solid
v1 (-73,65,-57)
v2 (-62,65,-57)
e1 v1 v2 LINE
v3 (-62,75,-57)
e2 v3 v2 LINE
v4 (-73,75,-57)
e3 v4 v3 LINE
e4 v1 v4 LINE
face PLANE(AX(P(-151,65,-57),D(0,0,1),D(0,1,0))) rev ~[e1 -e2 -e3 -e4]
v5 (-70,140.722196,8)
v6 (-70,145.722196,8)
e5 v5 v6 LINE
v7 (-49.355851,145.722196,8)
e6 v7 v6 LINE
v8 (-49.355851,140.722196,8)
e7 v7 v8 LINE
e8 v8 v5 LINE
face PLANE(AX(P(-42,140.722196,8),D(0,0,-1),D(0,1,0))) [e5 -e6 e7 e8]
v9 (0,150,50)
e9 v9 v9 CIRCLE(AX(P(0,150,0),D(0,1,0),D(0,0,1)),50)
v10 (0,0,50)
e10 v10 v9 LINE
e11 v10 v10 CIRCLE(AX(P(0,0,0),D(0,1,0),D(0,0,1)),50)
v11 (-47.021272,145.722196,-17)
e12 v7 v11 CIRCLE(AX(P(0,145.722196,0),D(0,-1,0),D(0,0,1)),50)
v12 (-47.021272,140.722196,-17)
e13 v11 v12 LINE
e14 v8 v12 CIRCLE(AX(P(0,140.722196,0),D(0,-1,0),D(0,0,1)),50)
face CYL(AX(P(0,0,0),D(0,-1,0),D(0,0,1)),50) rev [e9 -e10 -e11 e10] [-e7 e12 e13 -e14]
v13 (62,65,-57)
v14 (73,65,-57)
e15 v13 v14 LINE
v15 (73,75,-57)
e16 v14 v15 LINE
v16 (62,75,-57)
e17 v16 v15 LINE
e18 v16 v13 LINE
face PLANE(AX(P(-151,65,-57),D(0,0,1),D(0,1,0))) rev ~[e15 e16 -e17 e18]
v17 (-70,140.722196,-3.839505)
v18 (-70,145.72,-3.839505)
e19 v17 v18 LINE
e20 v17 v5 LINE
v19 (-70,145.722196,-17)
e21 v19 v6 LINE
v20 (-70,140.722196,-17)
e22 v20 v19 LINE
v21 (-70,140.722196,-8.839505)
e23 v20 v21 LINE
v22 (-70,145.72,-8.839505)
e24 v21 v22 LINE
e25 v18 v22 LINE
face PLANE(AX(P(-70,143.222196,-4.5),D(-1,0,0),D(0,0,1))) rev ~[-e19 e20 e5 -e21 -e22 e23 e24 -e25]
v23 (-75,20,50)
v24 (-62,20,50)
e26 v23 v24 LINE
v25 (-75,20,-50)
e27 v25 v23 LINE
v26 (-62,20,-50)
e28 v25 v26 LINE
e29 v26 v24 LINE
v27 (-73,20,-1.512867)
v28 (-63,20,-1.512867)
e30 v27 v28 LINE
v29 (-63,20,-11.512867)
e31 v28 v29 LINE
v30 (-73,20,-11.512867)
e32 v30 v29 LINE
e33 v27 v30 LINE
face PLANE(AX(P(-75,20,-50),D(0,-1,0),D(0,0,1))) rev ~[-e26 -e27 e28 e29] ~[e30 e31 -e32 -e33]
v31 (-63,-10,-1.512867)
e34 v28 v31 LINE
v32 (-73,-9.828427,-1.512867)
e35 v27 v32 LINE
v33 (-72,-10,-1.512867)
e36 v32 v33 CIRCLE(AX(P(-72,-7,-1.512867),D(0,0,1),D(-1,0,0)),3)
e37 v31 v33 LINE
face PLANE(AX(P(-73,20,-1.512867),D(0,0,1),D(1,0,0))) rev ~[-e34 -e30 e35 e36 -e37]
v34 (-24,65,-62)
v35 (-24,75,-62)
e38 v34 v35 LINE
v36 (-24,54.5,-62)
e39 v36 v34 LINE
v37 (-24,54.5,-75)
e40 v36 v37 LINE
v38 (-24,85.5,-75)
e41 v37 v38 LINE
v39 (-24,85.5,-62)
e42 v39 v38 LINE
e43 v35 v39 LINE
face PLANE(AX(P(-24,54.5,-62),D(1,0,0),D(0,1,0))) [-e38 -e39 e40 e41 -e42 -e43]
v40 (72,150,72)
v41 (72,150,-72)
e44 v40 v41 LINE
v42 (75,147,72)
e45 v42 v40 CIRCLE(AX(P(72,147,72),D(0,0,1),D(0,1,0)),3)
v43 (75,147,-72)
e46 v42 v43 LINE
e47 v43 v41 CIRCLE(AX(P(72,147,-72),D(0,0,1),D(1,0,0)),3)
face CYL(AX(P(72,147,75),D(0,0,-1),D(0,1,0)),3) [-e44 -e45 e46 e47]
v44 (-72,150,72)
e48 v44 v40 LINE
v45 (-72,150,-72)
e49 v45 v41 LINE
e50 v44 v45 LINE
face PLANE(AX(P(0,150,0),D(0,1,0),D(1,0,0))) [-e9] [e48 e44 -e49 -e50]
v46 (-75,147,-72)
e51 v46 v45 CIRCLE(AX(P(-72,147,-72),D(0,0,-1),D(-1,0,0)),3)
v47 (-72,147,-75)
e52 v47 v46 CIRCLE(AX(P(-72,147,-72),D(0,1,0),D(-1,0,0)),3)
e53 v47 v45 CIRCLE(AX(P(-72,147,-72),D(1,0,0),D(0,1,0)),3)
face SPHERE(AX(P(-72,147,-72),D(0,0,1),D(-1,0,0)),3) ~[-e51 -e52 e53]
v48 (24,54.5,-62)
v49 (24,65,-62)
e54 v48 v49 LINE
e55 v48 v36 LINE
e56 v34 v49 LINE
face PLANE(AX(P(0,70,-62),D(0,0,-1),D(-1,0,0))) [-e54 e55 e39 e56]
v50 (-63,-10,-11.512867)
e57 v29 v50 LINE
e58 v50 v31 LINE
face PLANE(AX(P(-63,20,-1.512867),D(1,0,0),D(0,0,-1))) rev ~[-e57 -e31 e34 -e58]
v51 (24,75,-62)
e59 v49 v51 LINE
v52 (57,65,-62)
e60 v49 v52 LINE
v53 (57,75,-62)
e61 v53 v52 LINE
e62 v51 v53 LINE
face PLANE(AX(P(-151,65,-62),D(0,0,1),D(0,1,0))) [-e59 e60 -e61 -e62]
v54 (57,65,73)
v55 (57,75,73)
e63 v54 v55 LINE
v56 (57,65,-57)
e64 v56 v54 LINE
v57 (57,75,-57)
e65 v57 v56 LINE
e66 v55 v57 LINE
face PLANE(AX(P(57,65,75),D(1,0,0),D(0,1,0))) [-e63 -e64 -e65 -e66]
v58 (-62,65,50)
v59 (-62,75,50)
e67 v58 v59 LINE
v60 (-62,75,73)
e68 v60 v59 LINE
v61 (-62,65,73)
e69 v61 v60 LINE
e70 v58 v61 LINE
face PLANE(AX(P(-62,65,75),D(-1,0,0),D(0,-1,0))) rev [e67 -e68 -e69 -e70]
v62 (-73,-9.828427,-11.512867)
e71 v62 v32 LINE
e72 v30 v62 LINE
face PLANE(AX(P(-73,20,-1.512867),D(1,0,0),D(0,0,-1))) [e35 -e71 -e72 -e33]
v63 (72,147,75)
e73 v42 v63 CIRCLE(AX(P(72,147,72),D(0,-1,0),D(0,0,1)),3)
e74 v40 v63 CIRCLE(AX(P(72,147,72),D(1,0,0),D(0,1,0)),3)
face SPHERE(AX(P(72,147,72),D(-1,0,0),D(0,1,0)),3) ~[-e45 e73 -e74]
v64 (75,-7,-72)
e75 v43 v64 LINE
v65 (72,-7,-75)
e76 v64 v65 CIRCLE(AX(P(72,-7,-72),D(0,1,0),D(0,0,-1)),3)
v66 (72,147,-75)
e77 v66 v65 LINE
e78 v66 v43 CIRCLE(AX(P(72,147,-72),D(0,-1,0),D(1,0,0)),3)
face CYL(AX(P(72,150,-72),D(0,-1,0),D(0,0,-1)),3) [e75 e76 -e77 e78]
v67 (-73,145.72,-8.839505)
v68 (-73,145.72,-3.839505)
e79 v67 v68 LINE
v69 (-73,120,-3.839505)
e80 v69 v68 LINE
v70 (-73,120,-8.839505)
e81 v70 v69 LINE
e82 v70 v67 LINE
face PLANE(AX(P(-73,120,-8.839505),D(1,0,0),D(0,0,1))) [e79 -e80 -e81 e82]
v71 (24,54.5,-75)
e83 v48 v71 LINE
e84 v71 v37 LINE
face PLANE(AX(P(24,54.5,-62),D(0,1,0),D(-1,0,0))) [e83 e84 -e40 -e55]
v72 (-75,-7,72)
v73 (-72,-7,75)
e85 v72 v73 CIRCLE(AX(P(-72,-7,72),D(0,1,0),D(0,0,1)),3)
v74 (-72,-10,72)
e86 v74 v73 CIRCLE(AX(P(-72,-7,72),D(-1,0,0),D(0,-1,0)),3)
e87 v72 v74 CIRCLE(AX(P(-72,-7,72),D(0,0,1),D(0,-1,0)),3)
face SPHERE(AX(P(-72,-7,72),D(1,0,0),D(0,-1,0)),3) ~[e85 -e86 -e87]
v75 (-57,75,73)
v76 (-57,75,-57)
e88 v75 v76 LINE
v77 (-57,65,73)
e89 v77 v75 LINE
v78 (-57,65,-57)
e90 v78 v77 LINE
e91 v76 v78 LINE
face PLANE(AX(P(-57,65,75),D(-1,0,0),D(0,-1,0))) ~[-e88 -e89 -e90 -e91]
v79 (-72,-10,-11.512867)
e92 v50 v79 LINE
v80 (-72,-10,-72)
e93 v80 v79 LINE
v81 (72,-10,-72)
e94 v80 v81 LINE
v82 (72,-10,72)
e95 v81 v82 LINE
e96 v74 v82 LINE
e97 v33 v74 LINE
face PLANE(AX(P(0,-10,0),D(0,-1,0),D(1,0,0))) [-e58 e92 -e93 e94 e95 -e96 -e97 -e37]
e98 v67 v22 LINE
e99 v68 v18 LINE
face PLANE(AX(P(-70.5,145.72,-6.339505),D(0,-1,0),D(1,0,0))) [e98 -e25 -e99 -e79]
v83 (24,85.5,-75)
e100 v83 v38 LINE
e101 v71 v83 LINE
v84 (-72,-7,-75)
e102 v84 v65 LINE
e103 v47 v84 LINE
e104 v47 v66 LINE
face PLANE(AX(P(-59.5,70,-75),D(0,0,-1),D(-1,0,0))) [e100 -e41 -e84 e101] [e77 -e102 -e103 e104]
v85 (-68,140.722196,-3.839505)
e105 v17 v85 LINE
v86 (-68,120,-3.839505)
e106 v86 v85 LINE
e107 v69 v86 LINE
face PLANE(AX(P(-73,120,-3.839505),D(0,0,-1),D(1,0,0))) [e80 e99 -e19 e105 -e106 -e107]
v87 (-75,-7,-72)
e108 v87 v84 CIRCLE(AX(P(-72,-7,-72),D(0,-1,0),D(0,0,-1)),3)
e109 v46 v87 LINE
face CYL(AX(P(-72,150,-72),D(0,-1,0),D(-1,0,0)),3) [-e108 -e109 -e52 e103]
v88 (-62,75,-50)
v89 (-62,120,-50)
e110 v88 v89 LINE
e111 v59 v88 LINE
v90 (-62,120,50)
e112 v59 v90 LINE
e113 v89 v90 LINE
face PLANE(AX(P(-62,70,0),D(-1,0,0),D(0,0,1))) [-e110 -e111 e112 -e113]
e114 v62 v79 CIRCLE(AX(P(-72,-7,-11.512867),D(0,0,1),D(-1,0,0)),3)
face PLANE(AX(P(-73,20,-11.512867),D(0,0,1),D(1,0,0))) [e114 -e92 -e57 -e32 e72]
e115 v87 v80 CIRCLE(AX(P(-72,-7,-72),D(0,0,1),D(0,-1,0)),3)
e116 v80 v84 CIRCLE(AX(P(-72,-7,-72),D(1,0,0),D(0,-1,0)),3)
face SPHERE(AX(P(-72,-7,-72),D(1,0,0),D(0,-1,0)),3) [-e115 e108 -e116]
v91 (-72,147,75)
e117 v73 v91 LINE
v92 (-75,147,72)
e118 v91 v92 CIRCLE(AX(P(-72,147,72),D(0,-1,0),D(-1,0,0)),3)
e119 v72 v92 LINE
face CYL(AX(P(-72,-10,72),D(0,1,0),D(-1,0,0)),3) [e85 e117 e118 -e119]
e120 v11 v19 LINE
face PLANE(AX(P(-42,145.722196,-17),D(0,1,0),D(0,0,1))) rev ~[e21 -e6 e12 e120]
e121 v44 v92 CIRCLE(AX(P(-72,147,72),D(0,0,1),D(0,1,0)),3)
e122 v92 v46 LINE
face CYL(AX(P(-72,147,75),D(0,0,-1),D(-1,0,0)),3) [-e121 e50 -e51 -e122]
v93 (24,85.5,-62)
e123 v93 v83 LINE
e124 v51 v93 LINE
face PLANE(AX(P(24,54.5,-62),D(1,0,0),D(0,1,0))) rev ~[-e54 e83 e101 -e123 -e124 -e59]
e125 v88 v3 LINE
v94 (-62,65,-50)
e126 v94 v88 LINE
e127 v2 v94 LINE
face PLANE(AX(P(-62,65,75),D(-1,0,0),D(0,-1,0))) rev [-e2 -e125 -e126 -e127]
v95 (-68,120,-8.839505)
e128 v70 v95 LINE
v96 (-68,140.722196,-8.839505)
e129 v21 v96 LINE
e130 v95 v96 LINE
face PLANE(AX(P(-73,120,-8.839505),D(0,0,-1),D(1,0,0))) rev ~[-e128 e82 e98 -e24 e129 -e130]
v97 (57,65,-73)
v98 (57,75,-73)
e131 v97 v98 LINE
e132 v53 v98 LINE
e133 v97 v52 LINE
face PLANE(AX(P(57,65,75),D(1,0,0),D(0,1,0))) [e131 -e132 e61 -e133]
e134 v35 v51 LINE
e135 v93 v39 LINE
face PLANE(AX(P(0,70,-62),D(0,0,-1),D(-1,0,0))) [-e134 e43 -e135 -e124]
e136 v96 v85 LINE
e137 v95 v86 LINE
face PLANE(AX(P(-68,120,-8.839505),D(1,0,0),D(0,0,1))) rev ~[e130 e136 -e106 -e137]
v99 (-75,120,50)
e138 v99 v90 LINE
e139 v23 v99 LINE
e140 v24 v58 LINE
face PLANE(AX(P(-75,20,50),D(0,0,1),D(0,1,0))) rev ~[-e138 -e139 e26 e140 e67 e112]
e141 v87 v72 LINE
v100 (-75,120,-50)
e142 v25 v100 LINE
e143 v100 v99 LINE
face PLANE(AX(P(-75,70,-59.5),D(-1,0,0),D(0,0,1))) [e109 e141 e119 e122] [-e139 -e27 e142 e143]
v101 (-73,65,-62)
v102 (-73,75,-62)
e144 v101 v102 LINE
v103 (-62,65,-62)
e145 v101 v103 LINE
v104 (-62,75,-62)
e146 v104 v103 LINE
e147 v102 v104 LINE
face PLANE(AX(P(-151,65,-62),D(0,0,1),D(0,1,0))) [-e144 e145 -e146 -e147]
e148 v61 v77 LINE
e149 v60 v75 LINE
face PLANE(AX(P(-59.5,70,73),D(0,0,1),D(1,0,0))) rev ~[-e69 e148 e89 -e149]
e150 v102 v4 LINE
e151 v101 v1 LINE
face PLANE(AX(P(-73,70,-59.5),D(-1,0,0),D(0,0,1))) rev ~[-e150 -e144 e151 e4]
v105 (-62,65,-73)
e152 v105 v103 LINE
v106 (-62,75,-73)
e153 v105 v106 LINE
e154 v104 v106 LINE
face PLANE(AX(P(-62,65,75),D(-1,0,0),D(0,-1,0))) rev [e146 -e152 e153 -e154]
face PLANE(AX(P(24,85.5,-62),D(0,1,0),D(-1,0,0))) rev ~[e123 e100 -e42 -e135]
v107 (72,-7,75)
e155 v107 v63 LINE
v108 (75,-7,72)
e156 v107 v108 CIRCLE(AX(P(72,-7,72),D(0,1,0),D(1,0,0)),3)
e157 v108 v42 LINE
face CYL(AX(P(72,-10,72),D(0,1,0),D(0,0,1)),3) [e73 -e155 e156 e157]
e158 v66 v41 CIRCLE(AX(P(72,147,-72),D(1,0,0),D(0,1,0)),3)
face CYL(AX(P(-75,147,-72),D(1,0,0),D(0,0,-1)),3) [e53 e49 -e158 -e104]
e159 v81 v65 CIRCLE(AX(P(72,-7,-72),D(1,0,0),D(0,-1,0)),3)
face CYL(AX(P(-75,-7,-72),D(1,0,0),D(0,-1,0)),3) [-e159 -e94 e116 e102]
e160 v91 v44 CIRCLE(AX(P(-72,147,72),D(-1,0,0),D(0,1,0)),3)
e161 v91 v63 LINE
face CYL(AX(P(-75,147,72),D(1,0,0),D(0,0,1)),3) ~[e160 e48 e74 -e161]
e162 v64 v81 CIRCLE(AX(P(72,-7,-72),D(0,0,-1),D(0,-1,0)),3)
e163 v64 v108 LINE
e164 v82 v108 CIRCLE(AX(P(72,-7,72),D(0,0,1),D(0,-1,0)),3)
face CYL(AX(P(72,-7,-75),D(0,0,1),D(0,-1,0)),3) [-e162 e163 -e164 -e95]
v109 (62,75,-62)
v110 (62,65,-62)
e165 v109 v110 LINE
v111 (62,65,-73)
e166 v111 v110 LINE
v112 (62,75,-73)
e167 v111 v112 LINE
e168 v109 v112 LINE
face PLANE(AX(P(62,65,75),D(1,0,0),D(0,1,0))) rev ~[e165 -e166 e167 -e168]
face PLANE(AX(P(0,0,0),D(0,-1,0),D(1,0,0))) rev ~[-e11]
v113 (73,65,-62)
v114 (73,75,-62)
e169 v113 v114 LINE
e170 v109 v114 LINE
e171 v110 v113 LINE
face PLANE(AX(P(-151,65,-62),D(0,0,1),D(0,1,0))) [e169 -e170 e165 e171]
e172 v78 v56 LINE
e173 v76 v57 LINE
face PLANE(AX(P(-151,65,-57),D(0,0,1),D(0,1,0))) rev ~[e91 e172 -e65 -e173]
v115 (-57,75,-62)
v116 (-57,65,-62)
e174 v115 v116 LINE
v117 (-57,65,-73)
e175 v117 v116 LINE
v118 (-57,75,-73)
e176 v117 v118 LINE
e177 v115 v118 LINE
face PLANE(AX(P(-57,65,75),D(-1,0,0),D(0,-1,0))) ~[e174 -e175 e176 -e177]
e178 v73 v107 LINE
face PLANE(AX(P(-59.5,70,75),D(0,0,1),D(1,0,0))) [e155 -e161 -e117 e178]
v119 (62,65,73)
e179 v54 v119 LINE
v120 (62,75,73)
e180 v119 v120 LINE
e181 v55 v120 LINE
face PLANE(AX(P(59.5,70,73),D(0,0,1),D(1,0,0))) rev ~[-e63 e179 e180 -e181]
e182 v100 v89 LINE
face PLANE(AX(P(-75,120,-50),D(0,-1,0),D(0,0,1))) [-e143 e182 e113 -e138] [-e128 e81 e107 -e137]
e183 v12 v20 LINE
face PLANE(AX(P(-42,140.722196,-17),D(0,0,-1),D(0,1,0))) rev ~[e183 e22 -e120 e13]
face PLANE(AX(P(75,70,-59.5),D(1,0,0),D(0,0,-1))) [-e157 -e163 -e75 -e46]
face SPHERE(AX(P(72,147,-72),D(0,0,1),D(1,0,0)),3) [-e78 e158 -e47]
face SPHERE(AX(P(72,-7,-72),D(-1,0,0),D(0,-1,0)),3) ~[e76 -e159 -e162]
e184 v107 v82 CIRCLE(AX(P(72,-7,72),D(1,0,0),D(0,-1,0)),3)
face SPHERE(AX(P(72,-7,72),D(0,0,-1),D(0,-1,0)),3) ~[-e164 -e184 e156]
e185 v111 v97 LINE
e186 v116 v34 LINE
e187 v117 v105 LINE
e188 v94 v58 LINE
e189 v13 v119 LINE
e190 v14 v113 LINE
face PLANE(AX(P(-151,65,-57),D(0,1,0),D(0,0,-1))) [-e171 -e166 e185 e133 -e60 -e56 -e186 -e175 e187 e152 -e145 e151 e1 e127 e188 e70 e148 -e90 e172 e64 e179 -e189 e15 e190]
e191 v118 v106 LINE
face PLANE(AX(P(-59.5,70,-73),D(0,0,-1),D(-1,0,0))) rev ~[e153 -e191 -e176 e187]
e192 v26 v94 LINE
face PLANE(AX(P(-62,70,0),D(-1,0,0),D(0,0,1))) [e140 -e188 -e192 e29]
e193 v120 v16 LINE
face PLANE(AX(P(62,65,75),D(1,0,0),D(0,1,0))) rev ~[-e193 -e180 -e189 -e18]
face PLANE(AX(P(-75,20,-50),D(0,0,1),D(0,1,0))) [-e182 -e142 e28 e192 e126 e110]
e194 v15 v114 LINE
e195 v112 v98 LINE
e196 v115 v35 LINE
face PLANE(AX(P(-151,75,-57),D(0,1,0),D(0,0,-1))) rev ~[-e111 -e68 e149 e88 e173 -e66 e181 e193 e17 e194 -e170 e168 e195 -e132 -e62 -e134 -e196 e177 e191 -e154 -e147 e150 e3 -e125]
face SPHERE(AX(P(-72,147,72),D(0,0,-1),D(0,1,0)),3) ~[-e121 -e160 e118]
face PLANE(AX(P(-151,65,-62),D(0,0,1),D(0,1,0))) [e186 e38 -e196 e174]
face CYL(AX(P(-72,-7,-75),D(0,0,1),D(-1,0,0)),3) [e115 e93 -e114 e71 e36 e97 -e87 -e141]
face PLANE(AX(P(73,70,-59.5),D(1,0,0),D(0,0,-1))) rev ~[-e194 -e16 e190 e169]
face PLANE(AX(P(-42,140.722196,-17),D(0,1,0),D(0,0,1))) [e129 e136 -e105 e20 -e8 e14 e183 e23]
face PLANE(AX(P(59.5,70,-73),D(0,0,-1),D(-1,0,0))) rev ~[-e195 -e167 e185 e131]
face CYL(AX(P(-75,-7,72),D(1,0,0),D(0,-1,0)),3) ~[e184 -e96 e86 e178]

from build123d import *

# Parameters (mm, degrees)
SKETCH6_W               = 150
SKETCH6_H               = 150
SKETCH6_R               = 50
BOSS_EXTRUDE4_DEPTH     = 150
SKETCH7_W               = 150
SKETCH7_H               = 150
BOSS_EXTRUDE5_DEPTH     = 10
SKETCH8_W               = 5
SKETCH8_H               = 10
CUT_EXTRUDE4_DEPTH      = 226
CUT_EXTRUDE5_DEPTH      = 226
CUT_EXTRUDE5_DEPTH_BACK = 226
SKETCH9_W               = 5
SKETCH9_H               = 10
CUT_EXTRUDE6_DEPTH      = 226
CUT_EXTRUDE6_DEPTH_BACK = 13
SKETCH10_W              = 48
SKETCH10_H              = 31
FILLET2_R               = 3
SKETCH18_W              = 100
SKETCH18_H              = 100
CUT_EXTRUDE10_DEPTH     = 13
SKETCH19_W              = 10
SKETCH19_H              = 10
CUT_EXTRUDE11_DEPTH     = 35
SKETCH21_W              = 5
SKETCH21_H              = 5
CUT_EXTRUDE12_DEPTH     = 25.72
SKETCH23_W              = 25
SKETCH23_H              = 5
CUT_EXTRUDE13_DEPTH     = 28
SKETCH24_W              = 5
SKETCH24_H              = 10
BOSS_EXTRUDE6_DEPTH     = 2
SKETCH27_W              = 5
SKETCH27_H              = 10
BOSS_EXTRUDE8_DEPTH     = 2
SKETCH31_W              = 5
SKETCH31_H              = 10
BOSS_EXTRUDE12_DEPTH    = 2
SKETCH32_W              = 5
SKETCH32_H              = 10
BOSS_EXTRUDE13_DEPTH    = 2


with BuildPart() as part:
    # Sketch6 → Boss-Extrude4 (new body)
    with BuildSketch(Plane(origin=(0, 0, 0), x_dir=(1, 0, 0), z_dir=(0, 1, 0))):
        Rectangle(SKETCH6_W, SKETCH6_H)
        with Locations(Location((0, 0, 0), (0, 0, 270))):
            Circle(SKETCH6_R, mode=Mode.SUBTRACT)
    extrude(amount=BOSS_EXTRUDE4_DEPTH)

    # Sketch7 → Boss-Extrude5 (add)
    with BuildSketch(Plane.XZ):
        Rectangle(SKETCH7_W, SKETCH7_H)
    extrude(amount=BOSS_EXTRUDE5_DEPTH)

    # Sketch8 → Cut-Extrude4 (cut, symmetric)
    with BuildSketch(Plane.XY.offset(75)):
        with Locations((59.5, 70)):
            Rectangle(SKETCH8_W, SKETCH8_H)
    cut_extrude4 = extrude(amount=CUT_EXTRUDE4_DEPTH, both=True, mode=Mode.SUBTRACT)

    # Mirror4: Cut-Extrude4 across plane
    add(cut_extrude4.mirror(Plane(origin=(0, 0, 0), x_dir=(0, 0, 1), z_dir=(1, 0, 0))), mode=Mode.SUBTRACT)

    # Sketch9 → Cut-Extrude5 (cut, two sides: drawn at the far end of the back side and taken through both)
    with BuildSketch(Plane(origin=(75, 0, 0), x_dir=(0, 0, -1), z_dir=(1, 0, 0)).offset(-CUT_EXTRUDE5_DEPTH_BACK)):
        with Locations((59.5, 70)):
            Rectangle(SKETCH9_W, SKETCH9_H)
    extrude(amount=CUT_EXTRUDE5_DEPTH + CUT_EXTRUDE5_DEPTH_BACK, mode=Mode.SUBTRACT)

    # Sketch10 → Cut-Extrude6 (cut, two sides: drawn at the far end of the back side and taken through both)
    with BuildSketch(Plane(origin=(0, 0, -75), x_dir=(-1, 0, 0), z_dir=(0, 0, -1)).offset(-CUT_EXTRUDE6_DEPTH_BACK)):
        with Locations((0, 70)):
            Rectangle(SKETCH10_W, SKETCH10_H)
    extrude(amount=CUT_EXTRUDE6_DEPTH + CUT_EXTRUDE6_DEPTH_BACK, mode=Mode.SUBTRACT)

    # Fillet2
    fillet2_edges = [part.edges().sort_by_distance(p)[0] for p in [
        (-75, 150, 0),
        (0, 150, 75),
        (0, -10, -75),
        (75, -10, 0),
        (0, -10, 75),
        (-75, -10, 0),
        (75, 150, 0),
        (75, 70, 75),
        (-75, 70, 75),
        (-75, 70, -75),
        (75, 70, -75),
        (0, 150, -75),
    ]]
    fillet(fillet2_edges, radius=FILLET2_R)

    # Sketch18 → Cut-Extrude10 (cut)
    with BuildSketch(Plane.ZY.offset(75)):
        with Locations((0, 70)):
            Rectangle(SKETCH18_W, SKETCH18_H)
    extrude(amount=-CUT_EXTRUDE10_DEPTH, mode=Mode.SUBTRACT)

    # Sketch19 → Cut-Extrude11 (cut)
    with BuildSketch(Plane(origin=(0, 20, 0), x_dir=(1, 0, 0), z_dir=(0, 1, 0))):
        with Locations((-68, 6.512866789)):
            Rectangle(SKETCH19_W, SKETCH19_H)
    extrude(amount=-CUT_EXTRUDE11_DEPTH, mode=Mode.SUBTRACT)

    # Sketch21 → Cut-Extrude12 (cut)
    with BuildSketch(Plane.XZ.offset(-120)):
        with Locations((-70.5, -6.339504826)):
            Rectangle(SKETCH21_W, SKETCH21_H)
    extrude(amount=-CUT_EXTRUDE12_DEPTH, mode=Mode.SUBTRACT)

    # Sketch23 → Cut-Extrude13 (cut)
    with BuildSketch(Plane.ZY.offset(42)):
        with Locations((-4.5, 143.222196011)):
            Rectangle(SKETCH23_W, SKETCH23_H)
    extrude(amount=CUT_EXTRUDE13_DEPTH, mode=Mode.SUBTRACT)

    # Sketch24 → Boss-Extrude6 (add)
    with BuildSketch(Plane.XY.offset(75)):
        with Locations((-59.5, 70)):
            Rectangle(SKETCH24_W, SKETCH24_H)
        with Locations((59.5, 70)):
            Rectangle(SKETCH24_W, SKETCH24_H)
    extrude(amount=-BOSS_EXTRUDE6_DEPTH)

    # Sketch27 → Boss-Extrude8 (add)
    with BuildSketch(Plane(origin=(0, 0, -75), x_dir=(-1, 0, 0), z_dir=(0, 0, -1))):
        with Locations((59.5, 70)):
            Rectangle(SKETCH27_W, SKETCH27_H)
        with Locations((-59.5, 70)):
            Rectangle(SKETCH27_W, SKETCH27_H)
    extrude(amount=-BOSS_EXTRUDE8_DEPTH)

    # Sketch31 → Boss-Extrude12 (add)
    with BuildSketch(Plane(origin=(75, 0, 0), x_dir=(0, 0, -1), z_dir=(1, 0, 0))):
        with Locations((59.5, 70)):
            Rectangle(SKETCH31_W, SKETCH31_H)
    extrude(amount=-BOSS_EXTRUDE12_DEPTH)

    # Sketch32 → Boss-Extrude13 (add)
    with BuildSketch(Plane.ZY.offset(75)):
        with Locations((-59.5, 70)):
            Rectangle(SKETCH32_W, SKETCH32_H)
    extrude(amount=-BOSS_EXTRUDE13_DEPTH)


solid = part.part
